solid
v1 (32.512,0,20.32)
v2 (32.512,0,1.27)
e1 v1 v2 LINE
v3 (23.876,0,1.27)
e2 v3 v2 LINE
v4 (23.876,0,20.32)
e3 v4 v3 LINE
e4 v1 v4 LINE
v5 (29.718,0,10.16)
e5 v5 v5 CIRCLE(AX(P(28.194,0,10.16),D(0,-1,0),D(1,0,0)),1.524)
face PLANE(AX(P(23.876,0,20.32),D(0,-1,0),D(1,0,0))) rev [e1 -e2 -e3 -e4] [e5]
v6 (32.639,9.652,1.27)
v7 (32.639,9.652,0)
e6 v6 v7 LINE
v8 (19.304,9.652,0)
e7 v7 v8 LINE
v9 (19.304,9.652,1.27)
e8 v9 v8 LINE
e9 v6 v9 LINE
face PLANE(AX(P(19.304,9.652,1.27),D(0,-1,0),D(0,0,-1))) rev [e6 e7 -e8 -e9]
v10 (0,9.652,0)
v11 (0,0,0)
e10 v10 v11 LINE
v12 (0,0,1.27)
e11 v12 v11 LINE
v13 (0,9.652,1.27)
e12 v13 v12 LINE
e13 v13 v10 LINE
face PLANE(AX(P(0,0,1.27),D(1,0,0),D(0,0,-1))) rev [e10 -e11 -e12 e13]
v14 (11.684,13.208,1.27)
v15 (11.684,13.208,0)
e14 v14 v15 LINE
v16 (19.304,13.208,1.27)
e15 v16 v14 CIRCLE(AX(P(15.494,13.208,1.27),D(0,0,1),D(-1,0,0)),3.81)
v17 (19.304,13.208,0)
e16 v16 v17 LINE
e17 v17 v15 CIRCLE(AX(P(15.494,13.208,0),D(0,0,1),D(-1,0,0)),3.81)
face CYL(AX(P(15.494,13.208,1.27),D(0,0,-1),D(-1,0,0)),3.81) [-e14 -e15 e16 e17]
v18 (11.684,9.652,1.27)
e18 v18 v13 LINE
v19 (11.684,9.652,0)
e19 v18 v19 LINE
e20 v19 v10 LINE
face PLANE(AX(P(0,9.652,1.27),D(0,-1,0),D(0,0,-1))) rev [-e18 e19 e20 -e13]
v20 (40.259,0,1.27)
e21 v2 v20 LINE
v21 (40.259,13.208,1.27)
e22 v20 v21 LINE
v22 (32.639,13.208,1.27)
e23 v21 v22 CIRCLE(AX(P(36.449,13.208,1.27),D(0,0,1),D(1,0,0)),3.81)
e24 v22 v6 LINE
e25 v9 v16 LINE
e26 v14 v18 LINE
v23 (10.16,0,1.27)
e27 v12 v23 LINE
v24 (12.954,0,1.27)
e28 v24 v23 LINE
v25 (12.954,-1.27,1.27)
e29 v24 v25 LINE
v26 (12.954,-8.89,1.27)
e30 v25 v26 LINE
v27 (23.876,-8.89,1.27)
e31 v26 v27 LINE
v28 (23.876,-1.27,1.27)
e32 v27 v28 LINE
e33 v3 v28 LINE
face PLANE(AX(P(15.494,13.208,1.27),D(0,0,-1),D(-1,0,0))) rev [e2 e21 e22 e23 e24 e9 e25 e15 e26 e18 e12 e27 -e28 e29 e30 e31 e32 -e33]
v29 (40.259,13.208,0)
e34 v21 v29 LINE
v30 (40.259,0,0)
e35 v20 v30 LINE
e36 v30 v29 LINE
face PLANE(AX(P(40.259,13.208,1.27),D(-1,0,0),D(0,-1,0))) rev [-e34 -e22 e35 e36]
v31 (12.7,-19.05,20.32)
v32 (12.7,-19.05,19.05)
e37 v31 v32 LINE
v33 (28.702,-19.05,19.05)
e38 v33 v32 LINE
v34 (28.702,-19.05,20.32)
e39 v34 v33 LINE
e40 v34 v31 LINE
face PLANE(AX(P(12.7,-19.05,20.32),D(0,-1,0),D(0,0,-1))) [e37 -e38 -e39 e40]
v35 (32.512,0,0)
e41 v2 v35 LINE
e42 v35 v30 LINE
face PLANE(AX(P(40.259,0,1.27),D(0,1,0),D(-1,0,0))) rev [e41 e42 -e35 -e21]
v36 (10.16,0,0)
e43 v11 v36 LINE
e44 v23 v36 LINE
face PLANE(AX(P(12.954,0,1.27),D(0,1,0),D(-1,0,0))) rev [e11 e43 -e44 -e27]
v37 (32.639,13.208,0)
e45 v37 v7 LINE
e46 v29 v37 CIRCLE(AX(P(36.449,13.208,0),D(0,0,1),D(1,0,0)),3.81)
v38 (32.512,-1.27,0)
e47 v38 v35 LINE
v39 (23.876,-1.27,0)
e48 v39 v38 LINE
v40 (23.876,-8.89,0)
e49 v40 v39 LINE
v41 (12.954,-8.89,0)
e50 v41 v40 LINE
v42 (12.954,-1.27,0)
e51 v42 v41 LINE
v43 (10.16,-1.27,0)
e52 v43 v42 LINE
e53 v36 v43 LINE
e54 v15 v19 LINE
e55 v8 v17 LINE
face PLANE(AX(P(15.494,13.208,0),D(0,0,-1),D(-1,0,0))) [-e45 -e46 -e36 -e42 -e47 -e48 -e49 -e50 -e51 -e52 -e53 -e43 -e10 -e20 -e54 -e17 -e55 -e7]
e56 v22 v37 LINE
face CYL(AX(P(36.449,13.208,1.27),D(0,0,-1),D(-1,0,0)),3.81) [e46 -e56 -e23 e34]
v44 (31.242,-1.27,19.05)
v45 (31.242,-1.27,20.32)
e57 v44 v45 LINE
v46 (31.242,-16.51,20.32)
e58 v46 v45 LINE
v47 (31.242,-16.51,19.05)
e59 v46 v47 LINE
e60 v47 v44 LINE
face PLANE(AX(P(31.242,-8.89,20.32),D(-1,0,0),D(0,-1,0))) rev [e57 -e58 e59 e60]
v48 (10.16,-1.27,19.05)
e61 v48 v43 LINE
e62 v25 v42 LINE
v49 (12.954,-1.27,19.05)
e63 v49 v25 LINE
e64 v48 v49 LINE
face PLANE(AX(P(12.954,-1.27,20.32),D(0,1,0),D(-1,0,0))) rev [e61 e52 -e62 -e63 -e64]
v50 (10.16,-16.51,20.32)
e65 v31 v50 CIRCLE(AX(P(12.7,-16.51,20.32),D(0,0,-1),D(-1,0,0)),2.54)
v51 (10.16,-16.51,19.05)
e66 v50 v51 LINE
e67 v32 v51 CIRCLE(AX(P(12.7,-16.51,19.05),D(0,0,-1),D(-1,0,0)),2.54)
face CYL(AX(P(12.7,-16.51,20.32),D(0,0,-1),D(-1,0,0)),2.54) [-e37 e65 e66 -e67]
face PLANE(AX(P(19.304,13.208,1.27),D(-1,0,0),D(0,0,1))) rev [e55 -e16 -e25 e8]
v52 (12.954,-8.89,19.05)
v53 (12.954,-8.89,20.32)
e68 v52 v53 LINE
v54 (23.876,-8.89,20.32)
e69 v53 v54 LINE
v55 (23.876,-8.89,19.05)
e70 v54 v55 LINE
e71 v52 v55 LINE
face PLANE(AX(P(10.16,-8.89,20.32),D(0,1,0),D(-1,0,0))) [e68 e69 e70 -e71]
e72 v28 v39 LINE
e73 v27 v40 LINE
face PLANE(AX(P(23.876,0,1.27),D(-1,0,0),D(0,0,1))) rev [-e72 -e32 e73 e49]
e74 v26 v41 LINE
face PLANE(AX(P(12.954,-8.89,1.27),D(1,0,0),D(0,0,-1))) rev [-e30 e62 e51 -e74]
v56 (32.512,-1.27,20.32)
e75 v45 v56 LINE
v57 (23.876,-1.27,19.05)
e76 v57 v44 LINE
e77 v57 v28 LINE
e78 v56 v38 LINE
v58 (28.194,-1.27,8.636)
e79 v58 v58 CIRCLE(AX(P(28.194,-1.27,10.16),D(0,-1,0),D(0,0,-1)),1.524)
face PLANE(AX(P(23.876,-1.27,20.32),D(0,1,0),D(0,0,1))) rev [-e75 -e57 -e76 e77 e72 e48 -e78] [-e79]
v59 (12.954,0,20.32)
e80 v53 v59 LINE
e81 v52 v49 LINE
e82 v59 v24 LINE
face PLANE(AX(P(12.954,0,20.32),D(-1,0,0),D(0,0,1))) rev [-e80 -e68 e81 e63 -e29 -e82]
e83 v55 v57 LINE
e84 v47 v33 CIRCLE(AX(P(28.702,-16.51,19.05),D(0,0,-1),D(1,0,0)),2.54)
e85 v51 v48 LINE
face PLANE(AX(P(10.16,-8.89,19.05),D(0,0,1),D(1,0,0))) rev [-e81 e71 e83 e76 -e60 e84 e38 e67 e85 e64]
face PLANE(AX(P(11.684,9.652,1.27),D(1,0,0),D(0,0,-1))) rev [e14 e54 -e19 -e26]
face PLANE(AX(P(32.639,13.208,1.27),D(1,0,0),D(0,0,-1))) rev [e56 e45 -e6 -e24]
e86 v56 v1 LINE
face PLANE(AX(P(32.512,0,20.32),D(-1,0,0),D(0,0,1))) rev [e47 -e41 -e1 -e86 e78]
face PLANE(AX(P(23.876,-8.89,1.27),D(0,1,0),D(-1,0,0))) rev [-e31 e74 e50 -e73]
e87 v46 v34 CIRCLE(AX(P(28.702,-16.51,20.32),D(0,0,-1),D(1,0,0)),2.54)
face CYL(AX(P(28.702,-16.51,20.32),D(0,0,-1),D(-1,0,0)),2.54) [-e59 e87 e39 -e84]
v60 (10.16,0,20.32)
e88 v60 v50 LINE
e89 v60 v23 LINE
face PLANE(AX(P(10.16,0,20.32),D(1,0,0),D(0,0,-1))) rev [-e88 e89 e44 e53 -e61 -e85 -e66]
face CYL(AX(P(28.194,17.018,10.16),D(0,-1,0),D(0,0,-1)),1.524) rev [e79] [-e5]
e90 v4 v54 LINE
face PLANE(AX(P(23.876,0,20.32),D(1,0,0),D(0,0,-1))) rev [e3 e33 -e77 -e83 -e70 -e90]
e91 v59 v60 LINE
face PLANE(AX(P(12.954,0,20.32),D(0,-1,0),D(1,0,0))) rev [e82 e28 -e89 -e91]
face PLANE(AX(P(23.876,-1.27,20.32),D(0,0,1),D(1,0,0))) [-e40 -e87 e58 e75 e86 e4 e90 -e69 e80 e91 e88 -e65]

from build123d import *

# Parameters (mm, degrees)
BOSS_EXTRUDE1_DEPTH = 1.27
SKETCH4_W           = 8.636
SKETCH4_H           = 1.27
SKETCH4_W_2         = 2.794
BOSS_EXTRUDE2_DEPTH = 20.32
SKETCH5_W           = 2.794
SKETCH5_H           = 1.27
SKETCH5_W_2         = 7.366
BOSS_EXTRUDE3_DEPTH = 7.62
BOSS_EXTRUDE4_DEPTH = 1.27
SKETCH7_R           = 1.524
CUT_EXTRUDE1_DEPTH  = 49.663543079


with BuildPart() as part:
    # Sketch1 → Boss-Extrude1 (new body)
    with BuildSketch(Plane.XY):
        with BuildLine():
            Line((0, 0), (0, 9.652))
            Line((0, 9.652), (11.684, 9.652))
            Line((11.684, 9.652), (11.684, 13.208))
            ThreePointArc((11.684, 13.208), (15.494, 17.018), (19.304, 13.208))
            Line((19.304, 13.208), (19.304, 9.652))
            Line((19.304, 9.652), (32.639, 9.652))
            Line((32.639, 9.652), (32.639, 13.208))
            ThreePointArc((32.639, 13.208), (36.449, 17.018), (40.259, 13.208))
            Line((40.259, 13.208), (40.259, 9.652))
            Line((40.259, 9.652), (40.259, 0))
            Line((40.259, 0), (23.876, 0))
            Line((23.876, 0), (23.876, -8.89))
            Line((23.876, -8.89), (12.954, -8.89))
            Line((12.954, -8.89), (12.954, 0))
            Line((12.954, 0), (0, 0))
        make_face()
    extrude(amount=BOSS_EXTRUDE1_DEPTH)

    # Sketch4 → Boss-Extrude2 (add)
    with BuildSketch(Plane.XY):
        with Locations((28.194, -0.635)):
            Rectangle(SKETCH4_W, SKETCH4_H)
        with Locations((11.557, -0.635)):
            Rectangle(SKETCH4_W_2, SKETCH4_H)
    extrude(amount=BOSS_EXTRUDE2_DEPTH)

    # Sketch5 → Boss-Extrude3 (add)
    with BuildSketch(Plane.XZ.offset(1.27)):
        with Locations((11.557, 19.685)):
            Rectangle(SKETCH5_W, SKETCH5_H)
        with Locations((27.559, 19.685)):
            Rectangle(SKETCH5_W_2, SKETCH5_H)
    extrude(amount=BOSS_EXTRUDE3_DEPTH)

    # Sketch6 → Boss-Extrude4 (add)
    with BuildSketch(Plane(origin=(0, 0, 19.05), x_dir=(-1, 0, 0), z_dir=(0, 0, -1))):
        with BuildLine():
            Line((-10.16, -8.89), (-31.242, -8.89))
            Line((-31.242, -8.89), (-31.242, -16.51))
            ThreePointArc((-31.242, -16.51), (-30.498051224, -18.306051224), (-28.702, -19.05))
            Line((-28.702, -19.05), (-12.7, -19.05))
            ThreePointArc((-12.7, -19.05), (-10.903948776, -18.306051224), (-10.16, -16.51))
            Line((-10.16, -16.51), (-10.16, -8.89))
        make_face()
    extrude(amount=-BOSS_EXTRUDE4_DEPTH)

    # Sketch7 → Cut-Extrude1 (cut, through all)
    with BuildSketch(Plane.XZ.offset(1.27)):
        with Locations(Location((28.194, 10.16, 0), (0, 0, 270))):
            Circle(SKETCH7_R)
    extrude(amount=-CUT_EXTRUDE1_DEPTH, mode=Mode.SUBTRACT)


solid = part.part
